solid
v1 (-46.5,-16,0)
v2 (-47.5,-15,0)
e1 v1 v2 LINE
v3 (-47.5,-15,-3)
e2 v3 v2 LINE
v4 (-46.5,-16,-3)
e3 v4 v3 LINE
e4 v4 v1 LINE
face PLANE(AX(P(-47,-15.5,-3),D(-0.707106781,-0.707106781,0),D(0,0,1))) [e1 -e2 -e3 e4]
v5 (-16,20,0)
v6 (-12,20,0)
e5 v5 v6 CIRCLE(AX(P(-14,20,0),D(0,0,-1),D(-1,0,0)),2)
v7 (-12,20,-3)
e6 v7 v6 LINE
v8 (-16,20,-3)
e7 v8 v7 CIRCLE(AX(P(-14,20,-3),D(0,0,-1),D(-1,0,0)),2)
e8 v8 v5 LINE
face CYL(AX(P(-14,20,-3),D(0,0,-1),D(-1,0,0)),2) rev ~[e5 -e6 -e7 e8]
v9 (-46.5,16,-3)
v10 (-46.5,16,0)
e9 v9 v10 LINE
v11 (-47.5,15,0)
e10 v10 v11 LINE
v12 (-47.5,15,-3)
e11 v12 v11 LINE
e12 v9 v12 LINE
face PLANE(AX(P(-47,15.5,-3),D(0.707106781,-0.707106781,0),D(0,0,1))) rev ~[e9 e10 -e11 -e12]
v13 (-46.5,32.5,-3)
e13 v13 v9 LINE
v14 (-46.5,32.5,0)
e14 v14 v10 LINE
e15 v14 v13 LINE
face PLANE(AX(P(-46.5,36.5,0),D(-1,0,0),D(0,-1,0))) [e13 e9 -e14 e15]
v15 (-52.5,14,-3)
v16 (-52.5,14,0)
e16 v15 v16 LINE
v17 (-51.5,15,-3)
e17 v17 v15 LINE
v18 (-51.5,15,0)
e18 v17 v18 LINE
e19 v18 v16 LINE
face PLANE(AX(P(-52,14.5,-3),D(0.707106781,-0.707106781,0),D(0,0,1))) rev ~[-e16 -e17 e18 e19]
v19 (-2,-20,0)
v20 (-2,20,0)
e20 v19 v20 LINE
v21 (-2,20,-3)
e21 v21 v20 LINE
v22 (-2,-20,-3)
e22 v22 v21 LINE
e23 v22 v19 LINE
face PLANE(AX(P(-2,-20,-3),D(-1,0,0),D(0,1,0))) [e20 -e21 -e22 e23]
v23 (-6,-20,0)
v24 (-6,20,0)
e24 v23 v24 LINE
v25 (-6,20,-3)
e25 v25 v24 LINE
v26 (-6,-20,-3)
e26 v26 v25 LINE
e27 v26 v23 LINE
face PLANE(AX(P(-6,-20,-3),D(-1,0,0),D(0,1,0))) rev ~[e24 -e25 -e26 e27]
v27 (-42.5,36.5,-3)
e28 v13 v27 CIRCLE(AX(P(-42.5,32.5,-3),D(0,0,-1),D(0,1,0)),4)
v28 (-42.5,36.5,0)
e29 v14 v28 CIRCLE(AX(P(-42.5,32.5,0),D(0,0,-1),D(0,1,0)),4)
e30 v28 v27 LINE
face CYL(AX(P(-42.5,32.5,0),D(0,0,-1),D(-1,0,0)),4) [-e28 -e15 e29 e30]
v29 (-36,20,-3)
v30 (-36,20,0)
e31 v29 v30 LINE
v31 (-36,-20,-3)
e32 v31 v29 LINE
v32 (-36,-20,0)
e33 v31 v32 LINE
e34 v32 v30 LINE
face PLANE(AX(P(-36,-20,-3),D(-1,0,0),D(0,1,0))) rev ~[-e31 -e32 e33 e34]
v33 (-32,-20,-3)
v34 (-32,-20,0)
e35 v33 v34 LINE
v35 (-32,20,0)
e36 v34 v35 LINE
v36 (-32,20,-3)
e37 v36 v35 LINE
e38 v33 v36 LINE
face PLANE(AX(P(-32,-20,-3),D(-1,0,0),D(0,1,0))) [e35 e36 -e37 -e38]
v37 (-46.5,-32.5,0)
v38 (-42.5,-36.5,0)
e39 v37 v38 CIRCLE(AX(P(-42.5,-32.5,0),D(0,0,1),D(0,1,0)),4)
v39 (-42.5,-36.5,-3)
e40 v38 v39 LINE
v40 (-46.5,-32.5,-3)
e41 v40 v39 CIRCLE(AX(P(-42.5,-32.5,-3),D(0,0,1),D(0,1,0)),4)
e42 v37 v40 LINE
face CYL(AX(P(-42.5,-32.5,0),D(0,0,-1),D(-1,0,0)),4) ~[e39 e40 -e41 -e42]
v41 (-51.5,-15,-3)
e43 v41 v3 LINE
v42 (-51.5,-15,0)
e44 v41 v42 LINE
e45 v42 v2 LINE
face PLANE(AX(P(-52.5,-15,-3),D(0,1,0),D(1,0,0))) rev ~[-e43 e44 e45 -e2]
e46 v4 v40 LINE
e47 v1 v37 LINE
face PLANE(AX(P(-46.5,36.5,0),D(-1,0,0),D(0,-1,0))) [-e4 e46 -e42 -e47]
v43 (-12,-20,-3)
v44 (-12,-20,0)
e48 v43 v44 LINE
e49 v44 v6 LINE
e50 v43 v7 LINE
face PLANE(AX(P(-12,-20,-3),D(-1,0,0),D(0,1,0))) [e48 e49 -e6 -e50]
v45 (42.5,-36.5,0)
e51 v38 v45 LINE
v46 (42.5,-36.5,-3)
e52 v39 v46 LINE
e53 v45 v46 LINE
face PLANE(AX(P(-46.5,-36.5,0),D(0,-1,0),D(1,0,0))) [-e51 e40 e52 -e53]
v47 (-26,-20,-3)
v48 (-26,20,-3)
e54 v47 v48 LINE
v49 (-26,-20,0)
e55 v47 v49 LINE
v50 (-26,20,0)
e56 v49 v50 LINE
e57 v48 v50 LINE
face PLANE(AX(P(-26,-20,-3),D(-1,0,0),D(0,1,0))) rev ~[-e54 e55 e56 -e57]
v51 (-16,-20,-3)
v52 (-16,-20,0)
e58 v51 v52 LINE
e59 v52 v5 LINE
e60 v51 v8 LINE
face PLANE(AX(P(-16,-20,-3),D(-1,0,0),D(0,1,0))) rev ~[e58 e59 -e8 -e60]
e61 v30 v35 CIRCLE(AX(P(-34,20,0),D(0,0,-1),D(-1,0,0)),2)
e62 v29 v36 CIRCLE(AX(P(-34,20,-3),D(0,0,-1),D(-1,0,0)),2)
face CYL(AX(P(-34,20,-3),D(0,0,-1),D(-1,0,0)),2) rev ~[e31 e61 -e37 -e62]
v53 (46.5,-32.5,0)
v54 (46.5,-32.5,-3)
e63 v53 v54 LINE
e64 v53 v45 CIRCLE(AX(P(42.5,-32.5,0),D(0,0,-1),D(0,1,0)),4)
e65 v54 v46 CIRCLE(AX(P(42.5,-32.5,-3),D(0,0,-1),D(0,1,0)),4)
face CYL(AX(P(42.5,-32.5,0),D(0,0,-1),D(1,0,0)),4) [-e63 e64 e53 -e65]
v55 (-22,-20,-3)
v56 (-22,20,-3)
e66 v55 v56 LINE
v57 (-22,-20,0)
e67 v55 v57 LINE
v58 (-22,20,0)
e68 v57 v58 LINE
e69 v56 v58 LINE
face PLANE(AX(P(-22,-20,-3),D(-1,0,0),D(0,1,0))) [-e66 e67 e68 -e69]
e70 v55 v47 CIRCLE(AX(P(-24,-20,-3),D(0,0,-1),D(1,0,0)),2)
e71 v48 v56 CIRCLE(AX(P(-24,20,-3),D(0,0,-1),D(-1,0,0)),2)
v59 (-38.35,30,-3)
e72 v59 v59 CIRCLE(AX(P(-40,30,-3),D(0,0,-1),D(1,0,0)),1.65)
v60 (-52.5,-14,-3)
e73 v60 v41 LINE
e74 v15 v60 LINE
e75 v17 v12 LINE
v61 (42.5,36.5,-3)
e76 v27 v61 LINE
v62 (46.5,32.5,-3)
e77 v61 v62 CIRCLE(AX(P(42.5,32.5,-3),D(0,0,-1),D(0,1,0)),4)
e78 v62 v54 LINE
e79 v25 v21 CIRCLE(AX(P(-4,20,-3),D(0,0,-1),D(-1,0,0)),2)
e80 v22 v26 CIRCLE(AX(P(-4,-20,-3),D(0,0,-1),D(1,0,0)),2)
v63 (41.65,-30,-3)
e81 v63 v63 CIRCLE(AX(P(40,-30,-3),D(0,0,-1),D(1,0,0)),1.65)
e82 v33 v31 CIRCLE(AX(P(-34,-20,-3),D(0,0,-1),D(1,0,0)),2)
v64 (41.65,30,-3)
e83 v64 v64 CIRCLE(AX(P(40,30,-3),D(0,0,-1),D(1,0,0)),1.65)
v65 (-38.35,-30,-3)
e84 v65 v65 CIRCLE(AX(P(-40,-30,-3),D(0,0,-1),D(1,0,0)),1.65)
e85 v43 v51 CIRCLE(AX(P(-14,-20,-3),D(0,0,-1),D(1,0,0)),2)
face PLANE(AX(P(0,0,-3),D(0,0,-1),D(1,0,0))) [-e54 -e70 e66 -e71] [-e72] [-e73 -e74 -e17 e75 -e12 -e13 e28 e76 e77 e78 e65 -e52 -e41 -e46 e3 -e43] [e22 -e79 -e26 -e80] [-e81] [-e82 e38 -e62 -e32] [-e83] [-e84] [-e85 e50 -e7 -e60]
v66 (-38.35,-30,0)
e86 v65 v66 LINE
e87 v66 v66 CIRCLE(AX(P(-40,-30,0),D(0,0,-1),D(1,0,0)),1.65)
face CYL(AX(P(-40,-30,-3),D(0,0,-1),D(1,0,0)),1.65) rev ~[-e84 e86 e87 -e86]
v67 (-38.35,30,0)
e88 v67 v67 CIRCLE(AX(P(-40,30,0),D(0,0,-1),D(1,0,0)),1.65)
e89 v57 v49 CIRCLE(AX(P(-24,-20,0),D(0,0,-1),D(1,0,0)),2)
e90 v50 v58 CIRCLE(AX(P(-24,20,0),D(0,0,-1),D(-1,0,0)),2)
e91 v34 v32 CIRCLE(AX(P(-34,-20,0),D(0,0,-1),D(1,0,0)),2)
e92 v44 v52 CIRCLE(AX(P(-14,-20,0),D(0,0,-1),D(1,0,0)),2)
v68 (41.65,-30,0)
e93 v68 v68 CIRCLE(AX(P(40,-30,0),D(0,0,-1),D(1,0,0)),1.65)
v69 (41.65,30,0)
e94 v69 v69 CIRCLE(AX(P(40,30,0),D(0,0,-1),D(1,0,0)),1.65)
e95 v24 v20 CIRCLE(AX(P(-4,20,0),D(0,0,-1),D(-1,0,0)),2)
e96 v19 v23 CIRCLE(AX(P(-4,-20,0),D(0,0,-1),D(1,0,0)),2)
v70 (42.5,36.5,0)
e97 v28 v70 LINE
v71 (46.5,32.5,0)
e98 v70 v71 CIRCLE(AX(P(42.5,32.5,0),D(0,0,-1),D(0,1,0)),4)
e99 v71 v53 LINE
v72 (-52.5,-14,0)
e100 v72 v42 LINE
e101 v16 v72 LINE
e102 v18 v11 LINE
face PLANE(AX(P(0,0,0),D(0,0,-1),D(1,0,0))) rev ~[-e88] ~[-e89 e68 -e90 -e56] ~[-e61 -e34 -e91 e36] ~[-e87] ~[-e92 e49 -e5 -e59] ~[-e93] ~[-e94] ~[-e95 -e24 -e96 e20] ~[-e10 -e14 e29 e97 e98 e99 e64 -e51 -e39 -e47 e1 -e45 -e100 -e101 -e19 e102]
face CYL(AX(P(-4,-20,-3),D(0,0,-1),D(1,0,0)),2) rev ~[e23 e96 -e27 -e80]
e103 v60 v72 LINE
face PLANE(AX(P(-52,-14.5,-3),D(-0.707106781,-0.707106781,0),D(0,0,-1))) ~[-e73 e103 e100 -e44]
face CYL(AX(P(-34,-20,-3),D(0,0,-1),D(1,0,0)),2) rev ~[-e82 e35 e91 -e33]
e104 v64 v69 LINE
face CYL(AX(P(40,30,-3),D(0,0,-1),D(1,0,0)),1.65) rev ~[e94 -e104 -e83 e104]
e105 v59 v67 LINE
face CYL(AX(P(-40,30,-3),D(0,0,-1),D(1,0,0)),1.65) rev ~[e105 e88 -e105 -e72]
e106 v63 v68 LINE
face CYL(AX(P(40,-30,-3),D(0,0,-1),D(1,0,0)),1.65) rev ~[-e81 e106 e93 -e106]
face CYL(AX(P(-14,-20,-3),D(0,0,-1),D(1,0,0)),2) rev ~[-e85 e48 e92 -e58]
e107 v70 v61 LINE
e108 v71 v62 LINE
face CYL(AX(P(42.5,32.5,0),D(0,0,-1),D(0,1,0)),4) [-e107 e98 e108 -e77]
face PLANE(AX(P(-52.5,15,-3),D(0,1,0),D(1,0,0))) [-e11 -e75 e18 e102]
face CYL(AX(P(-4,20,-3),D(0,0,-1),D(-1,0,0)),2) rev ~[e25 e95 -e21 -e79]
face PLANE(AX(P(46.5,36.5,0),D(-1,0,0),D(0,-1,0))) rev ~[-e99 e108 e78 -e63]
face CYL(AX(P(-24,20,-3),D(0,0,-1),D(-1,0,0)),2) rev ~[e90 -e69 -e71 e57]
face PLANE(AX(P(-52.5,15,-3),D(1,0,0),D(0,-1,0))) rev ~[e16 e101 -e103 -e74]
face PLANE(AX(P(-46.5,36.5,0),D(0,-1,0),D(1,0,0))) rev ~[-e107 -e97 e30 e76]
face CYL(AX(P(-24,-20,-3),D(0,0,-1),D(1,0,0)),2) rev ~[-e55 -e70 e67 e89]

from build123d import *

# Parameters (mm, degrees)
SKETCH064_W            = 93
SKETCH064_H            = 73
PAD021_DEPTH           = 3
FILLET016_R            = 4
SKETCH065_R            = 1.65
POCKET045_DEPTH        = 3.001
SKETCH069_W            = 6
SKETCH069_H            = 30
PAD023_DEPTH           = 3
CHAMFER016_SIZE        = 1
POCKET050_DEPTH        = 3.001
LINEARPATTERN001_COUNT = 4
LINEARPATTERN001_PITCH = 10


with BuildPart() as part:
    # Sketch064 (on Face1 of CopyMirrored003) → Pad021 (new body)
    with BuildSketch(Plane(origin=(0, 0, 0), x_dir=(1, 0, 0), z_dir=(0, 0, -1))):
        Rectangle(SKETCH064_W, SKETCH064_H)
    extrude(amount=PAD021_DEPTH)

    # Fillet016
    fillet016_edges = [part.edges().sort_by_distance(p)[0] for p in [
        (-46.5, 36.5, -1.5),
        (-46.5, -36.5, -1.5),
        (46.5, -36.5, -1.5),
        (46.5, 36.5, -1.5),
    ]]
    fillet(fillet016_edges, radius=FILLET016_R)

    # Sketch065 (on Face5 of Fillet016) → Pocket045 (cut, through all)
    with BuildSketch(Plane(origin=(0, 0, -3), x_dir=(1, 0, 0), z_dir=(0, 0, -1))):
        with Locations((-40, 30)):
            Circle(SKETCH065_R)
        with Locations((-40, -30)):
            Circle(SKETCH065_R)
        with Locations((40, 30)):
            Circle(SKETCH065_R)
        with Locations((40, -30)):
            Circle(SKETCH065_R)
    extrude(amount=-POCKET045_DEPTH, mode=Mode.SUBTRACT)

    # Sketch069 (on Face5 of Pocket045) → Pad023 (join)
    with BuildSketch(Plane(origin=(0, 0, -3), x_dir=(1, 0, 0), z_dir=(0, 0, -1))):
        with Locations((-49.5, 0)):
            Rectangle(SKETCH069_W, SKETCH069_H)
    extrude(amount=-PAD023_DEPTH)

    # Chamfer016
    chamfer016_edges = [part.edges().sort_by_distance(p)[0] for p in [
        (-52.5, 15, -1.5),
        (-52.5, -15, -1.5),
        (-46.5, -15, -1.5),
        (-46.5, 15, -1.5),
    ]]
    chamfer(chamfer016_edges, length=CHAMFER016_SIZE)

    # Sketch073 (on Face5 of Chamfer016) → Pocket050 (cut, through all)
    with BuildSketch(Plane(origin=(0, 0, -3), x_dir=(1, 0, 0), z_dir=(0, 0, -1))):
        with BuildLine():
            ThreePointArc((-32, 20), (-34, 22), (-36, 20))
            Line((-36, 20), (-36, -20))
            ThreePointArc((-36, -20), (-34, -22), (-32, -20))
            Line((-32, 20), (-32, -20))
        make_face()
    pocket050 = extrude(amount=-POCKET050_DEPTH, mode=Mode.SUBTRACT)

    # LinearPattern001: Pocket050 ×4
    with Locations(*[(i * LINEARPATTERN001_PITCH, 0, 0) for i in range(1, LINEARPATTERN001_COUNT)]):
        add(pocket050, mode=Mode.SUBTRACT)


solid = part.part
